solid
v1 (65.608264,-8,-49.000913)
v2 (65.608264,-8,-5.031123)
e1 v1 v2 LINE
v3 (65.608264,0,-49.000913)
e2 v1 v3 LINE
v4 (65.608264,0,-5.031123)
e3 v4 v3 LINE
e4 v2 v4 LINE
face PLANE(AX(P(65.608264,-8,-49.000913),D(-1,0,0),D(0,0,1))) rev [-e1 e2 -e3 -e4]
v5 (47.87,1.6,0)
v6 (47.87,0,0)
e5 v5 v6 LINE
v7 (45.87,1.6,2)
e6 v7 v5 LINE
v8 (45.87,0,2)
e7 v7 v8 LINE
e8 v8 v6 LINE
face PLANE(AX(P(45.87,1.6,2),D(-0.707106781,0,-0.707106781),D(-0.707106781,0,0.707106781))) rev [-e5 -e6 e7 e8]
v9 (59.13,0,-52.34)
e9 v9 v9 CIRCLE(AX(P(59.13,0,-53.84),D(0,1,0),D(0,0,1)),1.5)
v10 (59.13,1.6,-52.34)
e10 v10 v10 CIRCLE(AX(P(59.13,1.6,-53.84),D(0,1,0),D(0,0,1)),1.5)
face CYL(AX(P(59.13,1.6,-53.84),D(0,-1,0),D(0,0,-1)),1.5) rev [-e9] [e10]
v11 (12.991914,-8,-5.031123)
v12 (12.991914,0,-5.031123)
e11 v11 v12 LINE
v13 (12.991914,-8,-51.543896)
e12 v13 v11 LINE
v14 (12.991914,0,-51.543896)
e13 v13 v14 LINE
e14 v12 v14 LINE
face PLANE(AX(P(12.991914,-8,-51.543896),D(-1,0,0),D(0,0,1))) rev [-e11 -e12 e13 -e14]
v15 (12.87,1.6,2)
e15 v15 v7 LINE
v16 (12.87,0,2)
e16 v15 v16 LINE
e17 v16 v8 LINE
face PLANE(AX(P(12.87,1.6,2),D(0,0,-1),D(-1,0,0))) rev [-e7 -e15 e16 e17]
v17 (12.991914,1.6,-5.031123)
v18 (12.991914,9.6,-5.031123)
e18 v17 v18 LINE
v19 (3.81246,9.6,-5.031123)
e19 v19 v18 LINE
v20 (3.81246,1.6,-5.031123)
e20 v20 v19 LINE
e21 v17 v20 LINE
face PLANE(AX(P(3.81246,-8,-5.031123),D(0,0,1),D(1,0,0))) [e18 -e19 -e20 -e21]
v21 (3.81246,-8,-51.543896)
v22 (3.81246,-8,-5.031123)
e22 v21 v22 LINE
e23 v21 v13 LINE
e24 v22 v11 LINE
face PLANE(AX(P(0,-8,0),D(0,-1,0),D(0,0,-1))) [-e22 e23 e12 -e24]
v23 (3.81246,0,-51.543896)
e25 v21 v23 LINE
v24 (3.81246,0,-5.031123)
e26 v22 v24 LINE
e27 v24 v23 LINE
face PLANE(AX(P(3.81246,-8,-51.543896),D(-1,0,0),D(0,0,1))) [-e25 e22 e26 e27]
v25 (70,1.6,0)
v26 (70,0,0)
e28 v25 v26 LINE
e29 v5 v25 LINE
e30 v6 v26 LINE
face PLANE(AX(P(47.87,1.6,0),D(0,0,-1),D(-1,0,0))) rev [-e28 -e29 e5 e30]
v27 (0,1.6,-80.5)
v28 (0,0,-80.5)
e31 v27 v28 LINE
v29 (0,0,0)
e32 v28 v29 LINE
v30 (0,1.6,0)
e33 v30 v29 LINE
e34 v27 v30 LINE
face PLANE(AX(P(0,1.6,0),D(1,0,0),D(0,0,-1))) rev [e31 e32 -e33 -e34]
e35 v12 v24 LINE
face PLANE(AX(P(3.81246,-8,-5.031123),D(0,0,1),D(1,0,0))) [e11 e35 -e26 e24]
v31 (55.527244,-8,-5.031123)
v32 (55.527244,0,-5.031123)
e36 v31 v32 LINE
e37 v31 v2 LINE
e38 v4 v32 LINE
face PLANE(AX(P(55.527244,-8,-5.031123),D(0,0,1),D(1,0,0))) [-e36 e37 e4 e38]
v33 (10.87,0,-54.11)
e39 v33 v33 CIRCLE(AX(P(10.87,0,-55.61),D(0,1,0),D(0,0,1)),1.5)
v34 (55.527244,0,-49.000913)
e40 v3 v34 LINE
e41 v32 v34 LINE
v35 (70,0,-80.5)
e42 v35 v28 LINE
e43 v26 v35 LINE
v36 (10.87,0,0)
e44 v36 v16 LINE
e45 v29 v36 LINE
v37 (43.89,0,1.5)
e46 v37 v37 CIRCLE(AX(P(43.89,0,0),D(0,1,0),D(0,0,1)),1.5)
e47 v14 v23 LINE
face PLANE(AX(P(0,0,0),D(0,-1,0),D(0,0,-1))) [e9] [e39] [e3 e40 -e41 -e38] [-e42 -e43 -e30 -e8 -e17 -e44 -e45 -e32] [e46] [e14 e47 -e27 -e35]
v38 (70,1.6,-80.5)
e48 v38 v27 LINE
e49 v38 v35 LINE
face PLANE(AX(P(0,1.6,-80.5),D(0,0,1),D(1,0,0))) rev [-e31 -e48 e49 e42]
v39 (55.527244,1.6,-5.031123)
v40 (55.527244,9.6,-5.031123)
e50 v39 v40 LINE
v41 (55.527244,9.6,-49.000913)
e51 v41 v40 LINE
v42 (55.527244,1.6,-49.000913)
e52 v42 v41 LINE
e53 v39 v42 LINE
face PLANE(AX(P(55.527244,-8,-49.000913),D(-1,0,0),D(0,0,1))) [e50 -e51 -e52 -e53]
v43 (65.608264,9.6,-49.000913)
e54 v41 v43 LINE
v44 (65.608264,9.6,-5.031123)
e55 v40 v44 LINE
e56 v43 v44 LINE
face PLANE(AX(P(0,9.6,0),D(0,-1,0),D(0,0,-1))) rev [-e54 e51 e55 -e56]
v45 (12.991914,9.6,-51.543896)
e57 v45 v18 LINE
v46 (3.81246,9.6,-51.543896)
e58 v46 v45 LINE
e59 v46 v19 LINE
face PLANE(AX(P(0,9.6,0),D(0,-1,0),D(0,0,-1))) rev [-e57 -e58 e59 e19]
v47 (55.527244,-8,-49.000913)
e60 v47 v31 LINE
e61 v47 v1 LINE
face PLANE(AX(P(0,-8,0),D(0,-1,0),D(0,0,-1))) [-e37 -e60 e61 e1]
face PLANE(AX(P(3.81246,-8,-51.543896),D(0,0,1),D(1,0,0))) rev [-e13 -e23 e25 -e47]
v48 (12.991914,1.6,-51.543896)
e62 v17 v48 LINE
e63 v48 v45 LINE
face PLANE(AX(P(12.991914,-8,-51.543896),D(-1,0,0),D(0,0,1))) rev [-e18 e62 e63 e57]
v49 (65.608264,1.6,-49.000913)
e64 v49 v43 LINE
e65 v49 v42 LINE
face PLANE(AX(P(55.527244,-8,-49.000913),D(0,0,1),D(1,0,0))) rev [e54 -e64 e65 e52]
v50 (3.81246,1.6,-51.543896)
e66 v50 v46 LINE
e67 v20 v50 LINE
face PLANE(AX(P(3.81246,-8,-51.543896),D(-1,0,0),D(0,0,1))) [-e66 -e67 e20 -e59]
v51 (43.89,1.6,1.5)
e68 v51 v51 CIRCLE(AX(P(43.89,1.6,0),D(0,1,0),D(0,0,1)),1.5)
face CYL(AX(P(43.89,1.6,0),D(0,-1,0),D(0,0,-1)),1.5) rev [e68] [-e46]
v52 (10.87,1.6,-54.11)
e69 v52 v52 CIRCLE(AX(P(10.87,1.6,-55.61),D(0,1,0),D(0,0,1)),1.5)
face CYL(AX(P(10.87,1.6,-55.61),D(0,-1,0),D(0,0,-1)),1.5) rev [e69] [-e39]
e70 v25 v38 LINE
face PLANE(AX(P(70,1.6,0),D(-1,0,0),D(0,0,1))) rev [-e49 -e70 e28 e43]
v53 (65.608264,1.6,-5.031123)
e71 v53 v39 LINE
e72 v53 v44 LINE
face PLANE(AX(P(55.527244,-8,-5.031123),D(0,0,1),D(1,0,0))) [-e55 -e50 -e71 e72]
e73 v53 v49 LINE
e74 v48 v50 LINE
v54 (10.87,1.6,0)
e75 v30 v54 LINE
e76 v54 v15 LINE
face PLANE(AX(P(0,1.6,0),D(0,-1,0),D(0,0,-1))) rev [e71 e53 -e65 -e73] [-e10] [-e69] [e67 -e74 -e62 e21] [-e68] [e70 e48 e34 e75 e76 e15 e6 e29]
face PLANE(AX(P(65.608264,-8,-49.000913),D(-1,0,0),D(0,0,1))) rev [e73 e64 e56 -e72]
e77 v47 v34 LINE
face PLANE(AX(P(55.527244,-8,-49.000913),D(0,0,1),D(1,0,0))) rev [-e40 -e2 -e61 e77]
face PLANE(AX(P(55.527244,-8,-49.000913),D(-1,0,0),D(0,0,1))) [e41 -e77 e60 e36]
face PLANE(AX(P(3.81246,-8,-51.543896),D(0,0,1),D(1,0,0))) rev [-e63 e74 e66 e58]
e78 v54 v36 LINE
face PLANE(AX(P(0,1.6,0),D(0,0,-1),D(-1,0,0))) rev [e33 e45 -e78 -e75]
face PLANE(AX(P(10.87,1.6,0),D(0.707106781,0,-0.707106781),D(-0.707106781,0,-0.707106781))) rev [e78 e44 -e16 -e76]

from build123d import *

# Parameters (mm, degrees)
SKETCH1_R                = 1.5
BOSS_EXTRUDE1_DEPTH      = 1.6
BOSS_EXTRUDE2_DEPTH      = 8
BOSS_EXTRUDE2_DEPTH_BACK = 9.6
SKETCH2_W                = 9.179453462
SKETCH2_H                = 46.512773029
SKETCH2_W_2              = 10.081020205
SKETCH2_H_2              = 43.969790628


with BuildPart() as part:
    # Sketch1 → Boss-Extrude1 (new body)
    with BuildSketch(Plane(origin=(0, 0, 0), x_dir=(1, 0, 0), z_dir=(0, 1, 0))):
        Polygon((0, 0), (10.87, 0), (12.87, -2), (45.87, -2), (47.87, 0), (70, 0), (70, 80.5), (0, 80.5), align=None)
        with Locations(Location((10.87, 55.61, 0), (0, 0, 270))):
            Circle(SKETCH1_R, mode=Mode.SUBTRACT)
        with Locations(Location((59.13, 53.84, 0), (0, 0, 270))):
            Circle(SKETCH1_R, mode=Mode.SUBTRACT)
        with Locations(Location((43.89, 0, 0), (0, 0, 270))):
            Circle(SKETCH1_R, mode=Mode.SUBTRACT)
    extrude(amount=BOSS_EXTRUDE1_DEPTH)

    # Sketch2 → Boss-Extrude2 (add, two sides: drawn at the far end of the back side and taken through both)
    with BuildSketch(Plane(origin=(0, 1.6, 0), x_dir=(1, 0, 0), z_dir=(0, 1, 0)).offset(-BOSS_EXTRUDE2_DEPTH_BACK)):
        with Locations((8.40218686, 28.287509228)):
            Rectangle(SKETCH2_W, SKETCH2_H)
        with Locations((60.567754225, 27.016018028)):
            Rectangle(SKETCH2_W_2, SKETCH2_H_2)
    extrude(amount=BOSS_EXTRUDE2_DEPTH + BOSS_EXTRUDE2_DEPTH_BACK)


solid = part.part
